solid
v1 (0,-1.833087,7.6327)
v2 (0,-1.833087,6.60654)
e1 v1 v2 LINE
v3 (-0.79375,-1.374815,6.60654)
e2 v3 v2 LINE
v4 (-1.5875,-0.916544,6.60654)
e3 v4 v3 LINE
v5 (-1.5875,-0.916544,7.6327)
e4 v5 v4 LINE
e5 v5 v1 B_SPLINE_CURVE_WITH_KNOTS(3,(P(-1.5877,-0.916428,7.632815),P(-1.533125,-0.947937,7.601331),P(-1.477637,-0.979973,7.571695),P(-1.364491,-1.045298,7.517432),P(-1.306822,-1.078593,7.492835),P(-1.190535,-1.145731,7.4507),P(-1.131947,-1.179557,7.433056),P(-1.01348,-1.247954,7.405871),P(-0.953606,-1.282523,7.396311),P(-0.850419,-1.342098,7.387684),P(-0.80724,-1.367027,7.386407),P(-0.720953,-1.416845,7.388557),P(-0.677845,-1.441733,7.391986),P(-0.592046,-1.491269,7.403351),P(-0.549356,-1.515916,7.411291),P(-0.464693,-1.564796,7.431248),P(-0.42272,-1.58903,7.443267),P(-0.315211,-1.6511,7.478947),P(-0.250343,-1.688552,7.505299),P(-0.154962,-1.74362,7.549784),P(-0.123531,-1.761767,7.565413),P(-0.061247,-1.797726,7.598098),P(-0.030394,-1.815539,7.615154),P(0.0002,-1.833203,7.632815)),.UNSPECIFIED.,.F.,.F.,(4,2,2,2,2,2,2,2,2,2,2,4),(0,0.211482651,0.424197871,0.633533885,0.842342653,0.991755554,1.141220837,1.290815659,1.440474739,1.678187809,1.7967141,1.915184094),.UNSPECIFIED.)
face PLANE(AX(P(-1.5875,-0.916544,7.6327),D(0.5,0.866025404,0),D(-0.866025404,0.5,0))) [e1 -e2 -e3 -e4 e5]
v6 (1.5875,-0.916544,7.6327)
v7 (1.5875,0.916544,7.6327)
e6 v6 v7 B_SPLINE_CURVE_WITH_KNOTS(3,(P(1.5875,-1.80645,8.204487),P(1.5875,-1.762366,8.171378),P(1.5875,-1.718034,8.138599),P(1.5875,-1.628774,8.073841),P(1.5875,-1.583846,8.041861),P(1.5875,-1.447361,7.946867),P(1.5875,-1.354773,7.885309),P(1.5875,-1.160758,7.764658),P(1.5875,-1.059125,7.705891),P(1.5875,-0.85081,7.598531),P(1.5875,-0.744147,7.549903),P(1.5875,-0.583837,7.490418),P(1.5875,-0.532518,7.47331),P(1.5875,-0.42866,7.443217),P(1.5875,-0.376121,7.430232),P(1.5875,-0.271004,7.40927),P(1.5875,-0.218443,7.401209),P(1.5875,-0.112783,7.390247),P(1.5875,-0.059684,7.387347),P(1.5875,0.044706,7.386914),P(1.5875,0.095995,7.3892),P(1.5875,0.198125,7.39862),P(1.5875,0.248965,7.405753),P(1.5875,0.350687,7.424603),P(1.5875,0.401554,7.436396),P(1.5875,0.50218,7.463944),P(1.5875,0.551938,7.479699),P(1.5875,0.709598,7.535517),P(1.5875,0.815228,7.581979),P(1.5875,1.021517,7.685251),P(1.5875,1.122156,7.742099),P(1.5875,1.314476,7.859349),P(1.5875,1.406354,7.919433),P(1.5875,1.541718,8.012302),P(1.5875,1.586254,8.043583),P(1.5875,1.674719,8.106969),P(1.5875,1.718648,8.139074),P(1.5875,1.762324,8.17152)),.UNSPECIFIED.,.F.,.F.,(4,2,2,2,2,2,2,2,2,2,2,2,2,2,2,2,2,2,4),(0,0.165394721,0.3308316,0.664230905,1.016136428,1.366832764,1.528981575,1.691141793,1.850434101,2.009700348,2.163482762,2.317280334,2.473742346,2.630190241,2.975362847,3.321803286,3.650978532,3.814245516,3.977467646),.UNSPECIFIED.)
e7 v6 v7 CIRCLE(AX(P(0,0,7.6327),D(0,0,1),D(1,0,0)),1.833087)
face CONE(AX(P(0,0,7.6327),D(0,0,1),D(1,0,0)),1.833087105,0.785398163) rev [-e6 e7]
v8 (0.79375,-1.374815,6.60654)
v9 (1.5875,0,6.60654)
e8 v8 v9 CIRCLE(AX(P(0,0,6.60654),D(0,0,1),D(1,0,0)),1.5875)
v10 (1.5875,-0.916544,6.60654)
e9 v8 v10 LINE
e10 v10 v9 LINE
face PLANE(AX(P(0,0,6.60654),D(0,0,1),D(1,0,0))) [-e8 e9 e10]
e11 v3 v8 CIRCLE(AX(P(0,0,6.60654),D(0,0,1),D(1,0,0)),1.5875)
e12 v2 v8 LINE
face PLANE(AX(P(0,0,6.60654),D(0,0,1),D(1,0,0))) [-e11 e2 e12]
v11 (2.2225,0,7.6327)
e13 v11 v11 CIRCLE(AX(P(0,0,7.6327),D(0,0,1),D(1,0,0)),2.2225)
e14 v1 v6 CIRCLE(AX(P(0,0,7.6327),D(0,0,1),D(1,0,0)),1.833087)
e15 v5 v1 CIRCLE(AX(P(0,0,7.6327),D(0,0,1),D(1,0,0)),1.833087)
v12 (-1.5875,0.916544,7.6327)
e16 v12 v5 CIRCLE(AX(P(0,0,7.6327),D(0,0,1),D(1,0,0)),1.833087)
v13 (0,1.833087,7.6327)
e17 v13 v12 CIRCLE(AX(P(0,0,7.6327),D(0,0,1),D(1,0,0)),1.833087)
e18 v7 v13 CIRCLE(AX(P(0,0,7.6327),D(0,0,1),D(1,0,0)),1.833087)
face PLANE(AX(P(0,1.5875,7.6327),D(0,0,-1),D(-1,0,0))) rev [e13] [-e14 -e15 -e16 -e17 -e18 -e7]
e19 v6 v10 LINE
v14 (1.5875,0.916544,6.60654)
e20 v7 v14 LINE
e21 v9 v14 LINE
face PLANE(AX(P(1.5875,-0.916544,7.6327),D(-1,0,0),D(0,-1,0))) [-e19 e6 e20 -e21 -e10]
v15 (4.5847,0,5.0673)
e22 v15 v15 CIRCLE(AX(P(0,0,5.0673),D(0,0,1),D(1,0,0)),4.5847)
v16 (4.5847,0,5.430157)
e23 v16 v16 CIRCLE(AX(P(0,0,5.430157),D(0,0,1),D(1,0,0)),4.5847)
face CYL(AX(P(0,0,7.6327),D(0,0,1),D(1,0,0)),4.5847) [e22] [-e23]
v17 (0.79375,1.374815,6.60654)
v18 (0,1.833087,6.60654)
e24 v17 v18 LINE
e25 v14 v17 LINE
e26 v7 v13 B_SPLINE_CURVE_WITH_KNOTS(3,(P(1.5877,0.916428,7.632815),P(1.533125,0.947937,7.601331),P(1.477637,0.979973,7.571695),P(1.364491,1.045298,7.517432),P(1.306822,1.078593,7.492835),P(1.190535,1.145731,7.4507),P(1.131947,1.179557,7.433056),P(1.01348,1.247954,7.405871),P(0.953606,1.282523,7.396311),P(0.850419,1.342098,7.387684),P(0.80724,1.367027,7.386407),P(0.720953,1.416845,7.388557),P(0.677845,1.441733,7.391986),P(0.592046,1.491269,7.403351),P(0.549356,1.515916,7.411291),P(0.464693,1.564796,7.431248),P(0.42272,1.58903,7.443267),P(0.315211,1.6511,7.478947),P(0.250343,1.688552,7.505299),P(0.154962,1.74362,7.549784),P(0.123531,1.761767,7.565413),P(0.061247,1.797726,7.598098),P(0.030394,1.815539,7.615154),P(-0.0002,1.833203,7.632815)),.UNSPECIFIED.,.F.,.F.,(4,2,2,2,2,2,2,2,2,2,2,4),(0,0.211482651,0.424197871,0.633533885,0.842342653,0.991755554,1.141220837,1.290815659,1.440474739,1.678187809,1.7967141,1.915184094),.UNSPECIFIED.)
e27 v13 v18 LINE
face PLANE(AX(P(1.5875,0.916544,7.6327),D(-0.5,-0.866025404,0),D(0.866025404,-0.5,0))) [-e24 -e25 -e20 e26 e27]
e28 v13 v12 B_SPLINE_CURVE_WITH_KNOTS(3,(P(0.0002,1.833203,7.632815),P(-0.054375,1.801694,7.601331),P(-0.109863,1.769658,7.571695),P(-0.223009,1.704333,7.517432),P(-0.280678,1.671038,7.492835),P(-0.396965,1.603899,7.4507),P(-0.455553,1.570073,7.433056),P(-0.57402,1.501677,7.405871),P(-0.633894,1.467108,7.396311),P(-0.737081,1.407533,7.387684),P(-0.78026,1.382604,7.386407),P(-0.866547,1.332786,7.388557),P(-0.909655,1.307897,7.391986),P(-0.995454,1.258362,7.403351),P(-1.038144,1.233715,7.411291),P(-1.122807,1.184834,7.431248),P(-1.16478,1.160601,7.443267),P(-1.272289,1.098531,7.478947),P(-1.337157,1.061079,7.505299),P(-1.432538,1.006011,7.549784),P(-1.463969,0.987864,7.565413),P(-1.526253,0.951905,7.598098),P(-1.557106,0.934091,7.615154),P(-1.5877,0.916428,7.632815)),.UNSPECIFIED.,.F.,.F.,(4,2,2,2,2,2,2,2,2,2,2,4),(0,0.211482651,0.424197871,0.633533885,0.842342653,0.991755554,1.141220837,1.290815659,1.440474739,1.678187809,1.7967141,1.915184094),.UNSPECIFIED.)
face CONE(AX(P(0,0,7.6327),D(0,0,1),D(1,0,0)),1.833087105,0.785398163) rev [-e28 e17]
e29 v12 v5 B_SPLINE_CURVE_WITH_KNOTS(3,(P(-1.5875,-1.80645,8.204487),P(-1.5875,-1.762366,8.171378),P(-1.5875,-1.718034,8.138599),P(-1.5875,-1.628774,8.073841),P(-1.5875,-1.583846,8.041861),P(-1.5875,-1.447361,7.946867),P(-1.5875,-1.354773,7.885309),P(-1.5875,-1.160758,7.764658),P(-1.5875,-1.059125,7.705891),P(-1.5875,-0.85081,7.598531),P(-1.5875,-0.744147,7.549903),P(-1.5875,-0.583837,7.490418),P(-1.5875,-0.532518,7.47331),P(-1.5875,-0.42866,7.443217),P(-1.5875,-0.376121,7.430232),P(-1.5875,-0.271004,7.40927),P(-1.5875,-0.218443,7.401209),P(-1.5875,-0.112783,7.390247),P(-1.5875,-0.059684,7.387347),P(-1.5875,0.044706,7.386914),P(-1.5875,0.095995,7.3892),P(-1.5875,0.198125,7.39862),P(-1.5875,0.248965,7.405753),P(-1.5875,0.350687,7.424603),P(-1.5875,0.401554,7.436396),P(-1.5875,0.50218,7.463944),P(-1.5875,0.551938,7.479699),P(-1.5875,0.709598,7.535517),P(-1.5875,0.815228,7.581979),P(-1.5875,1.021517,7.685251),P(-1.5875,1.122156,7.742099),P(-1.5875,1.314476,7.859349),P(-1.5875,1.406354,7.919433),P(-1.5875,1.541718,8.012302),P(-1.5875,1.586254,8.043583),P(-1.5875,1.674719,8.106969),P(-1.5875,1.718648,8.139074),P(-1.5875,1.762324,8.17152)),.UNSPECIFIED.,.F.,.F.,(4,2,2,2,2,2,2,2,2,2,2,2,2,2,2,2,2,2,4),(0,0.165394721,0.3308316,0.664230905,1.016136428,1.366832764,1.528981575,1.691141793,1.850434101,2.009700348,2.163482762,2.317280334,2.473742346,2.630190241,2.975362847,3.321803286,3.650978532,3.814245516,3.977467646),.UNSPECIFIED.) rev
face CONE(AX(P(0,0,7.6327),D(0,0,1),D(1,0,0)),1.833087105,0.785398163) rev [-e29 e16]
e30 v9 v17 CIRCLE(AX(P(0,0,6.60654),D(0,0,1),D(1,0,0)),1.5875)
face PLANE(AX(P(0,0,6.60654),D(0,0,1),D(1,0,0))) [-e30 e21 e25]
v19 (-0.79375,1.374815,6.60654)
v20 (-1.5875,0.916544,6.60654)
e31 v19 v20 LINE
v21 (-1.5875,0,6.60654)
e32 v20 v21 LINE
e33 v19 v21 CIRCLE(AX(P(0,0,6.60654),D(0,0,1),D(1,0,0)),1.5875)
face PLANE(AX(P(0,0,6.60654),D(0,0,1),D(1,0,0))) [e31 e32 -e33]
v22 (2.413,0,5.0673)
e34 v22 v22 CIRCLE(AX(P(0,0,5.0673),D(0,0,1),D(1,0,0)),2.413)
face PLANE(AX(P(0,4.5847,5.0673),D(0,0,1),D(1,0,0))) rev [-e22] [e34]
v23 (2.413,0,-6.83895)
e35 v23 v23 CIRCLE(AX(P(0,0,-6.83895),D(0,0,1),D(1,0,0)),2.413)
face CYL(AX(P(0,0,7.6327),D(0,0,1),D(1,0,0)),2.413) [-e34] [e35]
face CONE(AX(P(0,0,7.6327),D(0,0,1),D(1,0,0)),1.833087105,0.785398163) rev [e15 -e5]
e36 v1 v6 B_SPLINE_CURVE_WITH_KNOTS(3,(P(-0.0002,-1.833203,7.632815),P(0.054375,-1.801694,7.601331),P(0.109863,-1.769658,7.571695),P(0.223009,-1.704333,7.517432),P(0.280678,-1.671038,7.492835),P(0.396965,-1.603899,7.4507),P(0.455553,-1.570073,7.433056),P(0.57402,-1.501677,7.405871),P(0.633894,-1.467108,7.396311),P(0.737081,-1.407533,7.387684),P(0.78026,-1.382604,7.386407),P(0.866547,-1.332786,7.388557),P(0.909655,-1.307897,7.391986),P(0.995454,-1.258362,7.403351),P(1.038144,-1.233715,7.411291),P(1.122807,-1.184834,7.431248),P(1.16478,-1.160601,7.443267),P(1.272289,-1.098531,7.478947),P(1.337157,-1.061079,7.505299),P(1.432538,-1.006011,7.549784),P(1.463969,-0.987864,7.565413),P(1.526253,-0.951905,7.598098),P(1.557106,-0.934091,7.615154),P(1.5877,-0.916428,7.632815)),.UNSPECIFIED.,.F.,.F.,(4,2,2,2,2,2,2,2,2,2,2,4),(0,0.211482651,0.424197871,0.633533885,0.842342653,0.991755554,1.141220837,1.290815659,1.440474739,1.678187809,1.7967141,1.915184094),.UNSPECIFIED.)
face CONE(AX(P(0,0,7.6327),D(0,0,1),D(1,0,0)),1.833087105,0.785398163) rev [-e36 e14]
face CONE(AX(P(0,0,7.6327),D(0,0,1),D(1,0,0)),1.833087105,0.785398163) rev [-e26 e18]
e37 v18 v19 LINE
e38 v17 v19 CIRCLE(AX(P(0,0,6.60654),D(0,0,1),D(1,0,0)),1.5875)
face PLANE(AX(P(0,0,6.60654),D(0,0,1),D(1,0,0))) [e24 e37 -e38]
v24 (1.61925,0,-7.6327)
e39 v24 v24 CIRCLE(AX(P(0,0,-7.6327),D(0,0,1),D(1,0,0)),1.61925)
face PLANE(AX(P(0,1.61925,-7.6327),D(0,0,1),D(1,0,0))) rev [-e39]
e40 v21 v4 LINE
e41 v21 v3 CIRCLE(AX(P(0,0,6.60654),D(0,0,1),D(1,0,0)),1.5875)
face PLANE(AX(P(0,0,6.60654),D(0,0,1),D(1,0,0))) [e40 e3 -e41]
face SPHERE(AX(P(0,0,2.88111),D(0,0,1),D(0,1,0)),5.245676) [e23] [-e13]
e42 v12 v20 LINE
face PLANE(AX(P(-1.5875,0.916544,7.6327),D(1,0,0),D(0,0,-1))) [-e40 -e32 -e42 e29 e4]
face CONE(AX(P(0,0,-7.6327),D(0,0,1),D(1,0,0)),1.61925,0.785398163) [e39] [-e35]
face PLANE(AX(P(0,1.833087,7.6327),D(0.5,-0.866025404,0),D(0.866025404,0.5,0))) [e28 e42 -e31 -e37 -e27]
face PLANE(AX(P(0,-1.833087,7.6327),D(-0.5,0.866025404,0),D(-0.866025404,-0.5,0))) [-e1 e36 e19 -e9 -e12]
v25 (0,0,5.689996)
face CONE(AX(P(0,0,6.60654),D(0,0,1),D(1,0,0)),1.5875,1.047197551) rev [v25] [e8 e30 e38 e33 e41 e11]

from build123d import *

# Parameters (mm, degrees)
CUT_EXTRUDE1_START = 6.60654
CUT_EXTRUDE1_DEPTH = 2.02616
SKETCH4_R          = 1.833087105
CUT_EXTRUDE2_DEPTH = 1.02616
CUT_EXTRUDE2_DRAFT = -45


with BuildPart() as part:
    # Sketch2 → Revolve1 (revolve)
    with BuildSketch(Plane(origin=(0, 0, 0), x_dir=(0, 0, -1), z_dir=(1, 0, 0))):
        with BuildLine():
            Line((-7.6327, 1.5875), (-7.6327, 2.2225))
            ThreePointArc((-7.6327, 2.2225), (-6.717752118, 3.57733025), (-5.430157143, 4.5847))
            Line((-5.430157143, 4.5847), (-5.0673, 4.5847))
            Line((-5.0673, 4.5847), (-5.0673, 2.413))
            Line((-5.0673, 2.413), (6.83895, 2.413))
            Line((6.83895, 2.413), (7.6327, 1.61925))
            Line((7.6327, 1.61925), (7.6327, 0))
            Line((7.6327, 0), (-5.689996448, 0))
            Line((-5.689996448, 0), (-6.60654, 1.5875))
            Line((-6.60654, 1.5875), (-7.6327, 1.5875))
        make_face()
    revolve(axis=Axis((0, 0, 7.6327), (0, 0, -1)))

    # Sketch3 → Cut-Extrude1 (cut, through all)
    with BuildSketch(Plane.XY.offset(CUT_EXTRUDE1_START)):
        Polygon((0, 1.833087105), (-1.5875, 0.916543552), (-1.5875, -0.916543552), (0, -1.833087105), (1.5875, -0.916543552), (1.5875, 0.916543552), align=None)
    extrude(amount=CUT_EXTRUDE1_DEPTH, mode=Mode.SUBTRACT)


with BuildPart() as cut_extrude2_tool:
    # Sketch4 → Cut-Extrude2 (with draft: the straight prism first)
    with BuildSketch(Plane.XY.offset(7.6327)):
        Circle(SKETCH4_R)
    extrude(amount=-CUT_EXTRUDE2_DEPTH)
    # Cut-Extrude2: the draft: its side faces are tilted about the plane it starts from
    cut_extrude2_sides = [cut_extrude2_tool.faces().sort_by_distance(p)[0] for p in [
        (-1.833087105, 0, 7.11962),
    ]]
    draft(cut_extrude2_sides, Plane.XY.offset(7.6327), CUT_EXTRUDE2_DRAFT)


with BuildPart() as part_1:
    add(part.part)

    # Cut-Extrude2: cut by cut_extrude2_tool
    add(cut_extrude2_tool.part, mode=Mode.SUBTRACT)


solid = part_1.part
